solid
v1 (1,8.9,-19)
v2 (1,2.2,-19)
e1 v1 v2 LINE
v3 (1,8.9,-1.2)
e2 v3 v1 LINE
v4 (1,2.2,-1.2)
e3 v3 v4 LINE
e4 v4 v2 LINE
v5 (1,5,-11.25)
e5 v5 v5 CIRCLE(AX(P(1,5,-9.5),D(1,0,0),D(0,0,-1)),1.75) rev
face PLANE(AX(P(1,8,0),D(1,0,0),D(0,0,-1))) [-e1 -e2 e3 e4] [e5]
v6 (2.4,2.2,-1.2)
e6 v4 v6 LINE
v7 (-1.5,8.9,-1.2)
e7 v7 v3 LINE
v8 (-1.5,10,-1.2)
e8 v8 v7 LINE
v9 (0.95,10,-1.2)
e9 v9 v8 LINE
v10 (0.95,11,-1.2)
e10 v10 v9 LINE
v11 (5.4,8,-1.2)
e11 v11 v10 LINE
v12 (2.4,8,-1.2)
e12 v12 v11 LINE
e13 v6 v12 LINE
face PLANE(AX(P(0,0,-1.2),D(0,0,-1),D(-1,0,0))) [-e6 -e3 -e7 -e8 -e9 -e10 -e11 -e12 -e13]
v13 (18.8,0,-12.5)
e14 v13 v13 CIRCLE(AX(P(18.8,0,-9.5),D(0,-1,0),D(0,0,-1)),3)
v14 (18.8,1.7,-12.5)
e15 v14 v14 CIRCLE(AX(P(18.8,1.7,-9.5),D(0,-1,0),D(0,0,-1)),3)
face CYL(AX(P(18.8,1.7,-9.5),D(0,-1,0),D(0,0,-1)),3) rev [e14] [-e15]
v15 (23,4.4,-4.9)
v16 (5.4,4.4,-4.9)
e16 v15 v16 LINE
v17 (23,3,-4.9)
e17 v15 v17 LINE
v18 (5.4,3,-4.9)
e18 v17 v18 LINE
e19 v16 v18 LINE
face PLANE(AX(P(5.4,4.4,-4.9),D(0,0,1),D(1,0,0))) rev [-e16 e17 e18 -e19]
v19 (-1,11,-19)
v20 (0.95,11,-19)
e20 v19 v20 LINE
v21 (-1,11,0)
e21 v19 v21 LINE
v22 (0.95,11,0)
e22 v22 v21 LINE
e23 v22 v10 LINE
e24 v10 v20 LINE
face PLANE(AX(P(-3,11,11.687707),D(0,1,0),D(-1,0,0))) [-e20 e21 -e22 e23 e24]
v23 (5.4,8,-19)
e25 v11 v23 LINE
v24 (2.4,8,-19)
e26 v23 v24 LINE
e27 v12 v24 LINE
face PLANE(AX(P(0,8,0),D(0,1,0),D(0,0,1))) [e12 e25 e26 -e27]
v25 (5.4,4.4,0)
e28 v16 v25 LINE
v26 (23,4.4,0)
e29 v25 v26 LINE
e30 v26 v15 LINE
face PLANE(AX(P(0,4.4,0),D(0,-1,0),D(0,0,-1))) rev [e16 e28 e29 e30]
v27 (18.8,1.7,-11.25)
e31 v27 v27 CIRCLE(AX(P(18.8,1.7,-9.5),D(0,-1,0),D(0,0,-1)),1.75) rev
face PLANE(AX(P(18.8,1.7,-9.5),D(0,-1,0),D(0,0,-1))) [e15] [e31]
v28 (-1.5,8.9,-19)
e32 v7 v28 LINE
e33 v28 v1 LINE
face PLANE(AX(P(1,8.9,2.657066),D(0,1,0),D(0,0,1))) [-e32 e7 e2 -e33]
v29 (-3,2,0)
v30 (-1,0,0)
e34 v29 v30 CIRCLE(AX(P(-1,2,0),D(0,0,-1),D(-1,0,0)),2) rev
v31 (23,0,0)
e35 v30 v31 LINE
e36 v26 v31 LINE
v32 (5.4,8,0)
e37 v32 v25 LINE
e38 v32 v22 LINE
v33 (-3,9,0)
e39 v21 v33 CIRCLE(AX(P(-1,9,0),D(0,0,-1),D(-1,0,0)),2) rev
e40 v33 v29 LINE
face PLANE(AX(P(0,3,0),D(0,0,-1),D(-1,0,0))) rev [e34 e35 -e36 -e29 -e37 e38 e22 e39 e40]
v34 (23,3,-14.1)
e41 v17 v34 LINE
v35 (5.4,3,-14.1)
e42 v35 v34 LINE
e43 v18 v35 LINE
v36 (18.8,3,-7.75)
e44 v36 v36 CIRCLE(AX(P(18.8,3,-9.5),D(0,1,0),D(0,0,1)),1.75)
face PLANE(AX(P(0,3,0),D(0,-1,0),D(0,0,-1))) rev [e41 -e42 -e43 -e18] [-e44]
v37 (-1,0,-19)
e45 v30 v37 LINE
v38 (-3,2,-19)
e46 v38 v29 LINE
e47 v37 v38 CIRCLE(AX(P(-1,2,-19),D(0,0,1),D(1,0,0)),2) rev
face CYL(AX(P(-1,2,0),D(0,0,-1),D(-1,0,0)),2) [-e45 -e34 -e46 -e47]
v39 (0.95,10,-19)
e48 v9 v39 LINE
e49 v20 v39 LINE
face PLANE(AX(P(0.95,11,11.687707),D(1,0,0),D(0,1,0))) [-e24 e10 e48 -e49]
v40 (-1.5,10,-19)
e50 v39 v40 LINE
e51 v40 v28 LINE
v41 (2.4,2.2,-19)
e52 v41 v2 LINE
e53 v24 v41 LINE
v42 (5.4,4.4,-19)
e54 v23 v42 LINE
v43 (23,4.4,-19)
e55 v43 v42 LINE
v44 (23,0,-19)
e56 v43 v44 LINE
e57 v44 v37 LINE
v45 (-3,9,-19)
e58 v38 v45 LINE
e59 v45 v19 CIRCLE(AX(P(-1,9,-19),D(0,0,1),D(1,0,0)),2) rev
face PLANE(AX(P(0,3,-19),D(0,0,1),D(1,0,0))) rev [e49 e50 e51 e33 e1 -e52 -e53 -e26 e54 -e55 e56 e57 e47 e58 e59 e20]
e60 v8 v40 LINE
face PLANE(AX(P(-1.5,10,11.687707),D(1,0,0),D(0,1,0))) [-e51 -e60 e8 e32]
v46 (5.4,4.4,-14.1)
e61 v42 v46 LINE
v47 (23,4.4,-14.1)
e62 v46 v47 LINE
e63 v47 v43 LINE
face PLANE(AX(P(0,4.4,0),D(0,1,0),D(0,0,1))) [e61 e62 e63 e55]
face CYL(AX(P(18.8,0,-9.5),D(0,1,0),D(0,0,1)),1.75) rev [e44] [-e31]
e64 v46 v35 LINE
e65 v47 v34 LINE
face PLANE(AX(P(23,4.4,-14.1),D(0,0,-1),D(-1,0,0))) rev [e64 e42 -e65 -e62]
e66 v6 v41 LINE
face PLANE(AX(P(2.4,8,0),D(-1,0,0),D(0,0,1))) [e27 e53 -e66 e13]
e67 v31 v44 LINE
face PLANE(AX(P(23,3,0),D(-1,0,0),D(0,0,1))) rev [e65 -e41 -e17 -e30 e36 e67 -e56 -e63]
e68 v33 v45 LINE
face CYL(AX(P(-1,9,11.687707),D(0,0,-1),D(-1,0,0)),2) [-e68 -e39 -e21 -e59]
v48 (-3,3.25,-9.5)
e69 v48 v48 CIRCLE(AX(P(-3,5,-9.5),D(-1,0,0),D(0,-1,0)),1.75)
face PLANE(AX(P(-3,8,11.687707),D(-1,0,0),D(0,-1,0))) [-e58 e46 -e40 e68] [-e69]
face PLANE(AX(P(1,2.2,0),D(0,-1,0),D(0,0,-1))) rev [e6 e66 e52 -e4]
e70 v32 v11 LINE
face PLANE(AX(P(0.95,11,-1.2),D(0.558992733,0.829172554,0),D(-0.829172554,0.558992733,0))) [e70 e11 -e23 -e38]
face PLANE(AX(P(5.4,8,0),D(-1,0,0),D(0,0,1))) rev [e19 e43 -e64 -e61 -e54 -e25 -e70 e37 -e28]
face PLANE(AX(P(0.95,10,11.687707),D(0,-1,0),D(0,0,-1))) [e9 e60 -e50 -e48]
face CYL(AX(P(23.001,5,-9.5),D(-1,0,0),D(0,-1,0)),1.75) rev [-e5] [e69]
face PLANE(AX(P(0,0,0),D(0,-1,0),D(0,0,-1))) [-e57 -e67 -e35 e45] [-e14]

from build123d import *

# Parameters (mm, degrees)
SKETCH2_W           = 23
SKETCH2_H           = 19
BOSS_EXTRUDE1_DEPTH = 3
SKETCH3_W           = 1
SKETCH3_H           = 19
SKETCH3_W_2         = 3
BOSS_EXTRUDE2_DEPTH = 5
BOSS_EXTRUDE3_DEPTH = 19
SKETCH5_R           = 1.75
CUT_EXTRUDE1_DEPTH  = 4
SKETCH6_R           = 3
CUT_EXTRUDE2_DEPTH  = 1.7
SKETCH7_W           = 17.6
SKETCH7_H           = 4.9
BOSS_EXTRUDE4_DEPTH = 1.4
SKETCH8_W           = 2.5
SKETCH8_H           = 0.9
BOSS_EXTRUDE5_DEPTH = 19
SKETCH9_W           = 1.4
SKETCH9_H           = 0.8
CUT_EXTRUDE3_DEPTH  = 20
BOSS_EXTRUDE6_DEPTH = 1.2
CUT_EXTRUDE4_REACH  = 28
SKETCH11_R          = 1.75
FILLET1_R           = 2
FILLET2_R           = 2


with BuildPart() as part:
    # Sketch2 → Boss-Extrude1 (new body)
    with BuildSketch(Plane(origin=(0, 0, 0), x_dir=(1, 0, 0), z_dir=(0, 1, 0))):
        with Locations((11.5, 9.5)):
            Rectangle(SKETCH2_W, SKETCH2_H)
    extrude(amount=BOSS_EXTRUDE1_DEPTH)

    # Sketch3 → Boss-Extrude2 (add)
    with BuildSketch(Plane(origin=(0, 3, 0), x_dir=(1, 0, 0), z_dir=(0, 1, 0))):
        with Locations((0.5, 9.5)):
            Rectangle(SKETCH3_W, SKETCH3_H)
        with Locations((3.9, 9.5)):
            Rectangle(SKETCH3_W_2, SKETCH3_H)
    extrude(amount=BOSS_EXTRUDE2_DEPTH)

    # Sketch4 → Boss-Extrude3 (add)
    with BuildSketch(Plane(origin=(0, 0, -19), x_dir=(-1, 0, 0), z_dir=(0, 0, -1))):
        Polygon((0, 0), (3, 0), (3, 8), (3, 11), (-0.95, 11), (-0.95, 10), (1.5, 10), (1.5, 8), (0, 8), align=None)
    extrude(amount=-BOSS_EXTRUDE3_DEPTH)

    # Sketch5 → Cut-Extrude1 (cut, through all)
    with BuildSketch(Plane(origin=(0, 3, 0), x_dir=(1, 0, 0), z_dir=(0, 1, 0))):
        with Locations((18.8, 9.5)):
            Circle(SKETCH5_R)
    extrude(amount=-CUT_EXTRUDE1_DEPTH, mode=Mode.SUBTRACT)

    # Sketch6 → Cut-Extrude2 (cut)
    with BuildSketch(Plane.XZ):
        with Locations((18.8, -9.5)):
            Circle(SKETCH6_R)
    extrude(amount=-CUT_EXTRUDE2_DEPTH, mode=Mode.SUBTRACT)

    # Sketch7 → Boss-Extrude4 (add)
    with BuildSketch(Plane(origin=(0, 3, 0), x_dir=(1, 0, 0), z_dir=(0, 1, 0))):
        with Locations((14.2, 2.45)):
            Rectangle(SKETCH7_W, SKETCH7_H)
        with Locations((14.2, 16.55)):
            Rectangle(SKETCH7_W, SKETCH7_H)
    extrude(amount=BOSS_EXTRUDE4_DEPTH)

    # Sketch8 → Boss-Extrude5 (add)
    with BuildSketch(Plane(origin=(0, 0, -19), x_dir=(-1, 0, 0), z_dir=(0, 0, -1))):
        with Locations((0.25, 8.45)):
            Rectangle(SKETCH8_W, SKETCH8_H)
    extrude(amount=-BOSS_EXTRUDE5_DEPTH)

    # Sketch9 → Cut-Extrude3 (cut, through all)
    with BuildSketch(Plane(origin=(0, 0, -19), x_dir=(-1, 0, 0), z_dir=(0, 0, -1))):
        with Locations((-1.7, 2.6)):
            Rectangle(SKETCH9_W, SKETCH9_H)
    extrude(amount=-CUT_EXTRUDE3_DEPTH, mode=Mode.SUBTRACT)

    # Sketch10 → Boss-Extrude6 (add)
    with BuildSketch(Plane.XY):
        Polygon((-1.5, 8.9), (-1.5, 10), (0.95, 10), (0.95, 11), (5.4, 8), (2.4, 8), (2.4, 2.2), (1, 2.2), (1, 8.9), align=None)
    extrude(amount=-BOSS_EXTRUDE6_DEPTH)

    # Sketch11 → Cut-Extrude4 (cut, up to next)
    with BuildSketch(Plane.ZY.offset(3), mode=Mode.PRIVATE) as cut_extrude4_sk1:
        with Locations((-9.5, 5)):
            Circle(SKETCH11_R)
    cut_extrude4_tool1 = extrude(cut_extrude4_sk1.sketch, amount=-CUT_EXTRUDE4_REACH, mode=Mode.PRIVATE) & part.part
    add(cut_extrude4_tool1.solids().sort_by_distance((-3, 5, -9.5))[0], mode=Mode.SUBTRACT)

    # Fillet1
    fillet1_edges = [part.edges().sort_by_distance(p)[0] for p in [
        (-3, 11, -9.5),
    ]]
    fillet(fillet1_edges, radius=FILLET1_R)

    # Fillet2
    fillet2_edges = [part.edges().sort_by_distance(p)[0] for p in [
        (-3, 0, -9.5),
    ]]
    fillet(fillet2_edges, radius=FILLET2_R)


solid = part.part
